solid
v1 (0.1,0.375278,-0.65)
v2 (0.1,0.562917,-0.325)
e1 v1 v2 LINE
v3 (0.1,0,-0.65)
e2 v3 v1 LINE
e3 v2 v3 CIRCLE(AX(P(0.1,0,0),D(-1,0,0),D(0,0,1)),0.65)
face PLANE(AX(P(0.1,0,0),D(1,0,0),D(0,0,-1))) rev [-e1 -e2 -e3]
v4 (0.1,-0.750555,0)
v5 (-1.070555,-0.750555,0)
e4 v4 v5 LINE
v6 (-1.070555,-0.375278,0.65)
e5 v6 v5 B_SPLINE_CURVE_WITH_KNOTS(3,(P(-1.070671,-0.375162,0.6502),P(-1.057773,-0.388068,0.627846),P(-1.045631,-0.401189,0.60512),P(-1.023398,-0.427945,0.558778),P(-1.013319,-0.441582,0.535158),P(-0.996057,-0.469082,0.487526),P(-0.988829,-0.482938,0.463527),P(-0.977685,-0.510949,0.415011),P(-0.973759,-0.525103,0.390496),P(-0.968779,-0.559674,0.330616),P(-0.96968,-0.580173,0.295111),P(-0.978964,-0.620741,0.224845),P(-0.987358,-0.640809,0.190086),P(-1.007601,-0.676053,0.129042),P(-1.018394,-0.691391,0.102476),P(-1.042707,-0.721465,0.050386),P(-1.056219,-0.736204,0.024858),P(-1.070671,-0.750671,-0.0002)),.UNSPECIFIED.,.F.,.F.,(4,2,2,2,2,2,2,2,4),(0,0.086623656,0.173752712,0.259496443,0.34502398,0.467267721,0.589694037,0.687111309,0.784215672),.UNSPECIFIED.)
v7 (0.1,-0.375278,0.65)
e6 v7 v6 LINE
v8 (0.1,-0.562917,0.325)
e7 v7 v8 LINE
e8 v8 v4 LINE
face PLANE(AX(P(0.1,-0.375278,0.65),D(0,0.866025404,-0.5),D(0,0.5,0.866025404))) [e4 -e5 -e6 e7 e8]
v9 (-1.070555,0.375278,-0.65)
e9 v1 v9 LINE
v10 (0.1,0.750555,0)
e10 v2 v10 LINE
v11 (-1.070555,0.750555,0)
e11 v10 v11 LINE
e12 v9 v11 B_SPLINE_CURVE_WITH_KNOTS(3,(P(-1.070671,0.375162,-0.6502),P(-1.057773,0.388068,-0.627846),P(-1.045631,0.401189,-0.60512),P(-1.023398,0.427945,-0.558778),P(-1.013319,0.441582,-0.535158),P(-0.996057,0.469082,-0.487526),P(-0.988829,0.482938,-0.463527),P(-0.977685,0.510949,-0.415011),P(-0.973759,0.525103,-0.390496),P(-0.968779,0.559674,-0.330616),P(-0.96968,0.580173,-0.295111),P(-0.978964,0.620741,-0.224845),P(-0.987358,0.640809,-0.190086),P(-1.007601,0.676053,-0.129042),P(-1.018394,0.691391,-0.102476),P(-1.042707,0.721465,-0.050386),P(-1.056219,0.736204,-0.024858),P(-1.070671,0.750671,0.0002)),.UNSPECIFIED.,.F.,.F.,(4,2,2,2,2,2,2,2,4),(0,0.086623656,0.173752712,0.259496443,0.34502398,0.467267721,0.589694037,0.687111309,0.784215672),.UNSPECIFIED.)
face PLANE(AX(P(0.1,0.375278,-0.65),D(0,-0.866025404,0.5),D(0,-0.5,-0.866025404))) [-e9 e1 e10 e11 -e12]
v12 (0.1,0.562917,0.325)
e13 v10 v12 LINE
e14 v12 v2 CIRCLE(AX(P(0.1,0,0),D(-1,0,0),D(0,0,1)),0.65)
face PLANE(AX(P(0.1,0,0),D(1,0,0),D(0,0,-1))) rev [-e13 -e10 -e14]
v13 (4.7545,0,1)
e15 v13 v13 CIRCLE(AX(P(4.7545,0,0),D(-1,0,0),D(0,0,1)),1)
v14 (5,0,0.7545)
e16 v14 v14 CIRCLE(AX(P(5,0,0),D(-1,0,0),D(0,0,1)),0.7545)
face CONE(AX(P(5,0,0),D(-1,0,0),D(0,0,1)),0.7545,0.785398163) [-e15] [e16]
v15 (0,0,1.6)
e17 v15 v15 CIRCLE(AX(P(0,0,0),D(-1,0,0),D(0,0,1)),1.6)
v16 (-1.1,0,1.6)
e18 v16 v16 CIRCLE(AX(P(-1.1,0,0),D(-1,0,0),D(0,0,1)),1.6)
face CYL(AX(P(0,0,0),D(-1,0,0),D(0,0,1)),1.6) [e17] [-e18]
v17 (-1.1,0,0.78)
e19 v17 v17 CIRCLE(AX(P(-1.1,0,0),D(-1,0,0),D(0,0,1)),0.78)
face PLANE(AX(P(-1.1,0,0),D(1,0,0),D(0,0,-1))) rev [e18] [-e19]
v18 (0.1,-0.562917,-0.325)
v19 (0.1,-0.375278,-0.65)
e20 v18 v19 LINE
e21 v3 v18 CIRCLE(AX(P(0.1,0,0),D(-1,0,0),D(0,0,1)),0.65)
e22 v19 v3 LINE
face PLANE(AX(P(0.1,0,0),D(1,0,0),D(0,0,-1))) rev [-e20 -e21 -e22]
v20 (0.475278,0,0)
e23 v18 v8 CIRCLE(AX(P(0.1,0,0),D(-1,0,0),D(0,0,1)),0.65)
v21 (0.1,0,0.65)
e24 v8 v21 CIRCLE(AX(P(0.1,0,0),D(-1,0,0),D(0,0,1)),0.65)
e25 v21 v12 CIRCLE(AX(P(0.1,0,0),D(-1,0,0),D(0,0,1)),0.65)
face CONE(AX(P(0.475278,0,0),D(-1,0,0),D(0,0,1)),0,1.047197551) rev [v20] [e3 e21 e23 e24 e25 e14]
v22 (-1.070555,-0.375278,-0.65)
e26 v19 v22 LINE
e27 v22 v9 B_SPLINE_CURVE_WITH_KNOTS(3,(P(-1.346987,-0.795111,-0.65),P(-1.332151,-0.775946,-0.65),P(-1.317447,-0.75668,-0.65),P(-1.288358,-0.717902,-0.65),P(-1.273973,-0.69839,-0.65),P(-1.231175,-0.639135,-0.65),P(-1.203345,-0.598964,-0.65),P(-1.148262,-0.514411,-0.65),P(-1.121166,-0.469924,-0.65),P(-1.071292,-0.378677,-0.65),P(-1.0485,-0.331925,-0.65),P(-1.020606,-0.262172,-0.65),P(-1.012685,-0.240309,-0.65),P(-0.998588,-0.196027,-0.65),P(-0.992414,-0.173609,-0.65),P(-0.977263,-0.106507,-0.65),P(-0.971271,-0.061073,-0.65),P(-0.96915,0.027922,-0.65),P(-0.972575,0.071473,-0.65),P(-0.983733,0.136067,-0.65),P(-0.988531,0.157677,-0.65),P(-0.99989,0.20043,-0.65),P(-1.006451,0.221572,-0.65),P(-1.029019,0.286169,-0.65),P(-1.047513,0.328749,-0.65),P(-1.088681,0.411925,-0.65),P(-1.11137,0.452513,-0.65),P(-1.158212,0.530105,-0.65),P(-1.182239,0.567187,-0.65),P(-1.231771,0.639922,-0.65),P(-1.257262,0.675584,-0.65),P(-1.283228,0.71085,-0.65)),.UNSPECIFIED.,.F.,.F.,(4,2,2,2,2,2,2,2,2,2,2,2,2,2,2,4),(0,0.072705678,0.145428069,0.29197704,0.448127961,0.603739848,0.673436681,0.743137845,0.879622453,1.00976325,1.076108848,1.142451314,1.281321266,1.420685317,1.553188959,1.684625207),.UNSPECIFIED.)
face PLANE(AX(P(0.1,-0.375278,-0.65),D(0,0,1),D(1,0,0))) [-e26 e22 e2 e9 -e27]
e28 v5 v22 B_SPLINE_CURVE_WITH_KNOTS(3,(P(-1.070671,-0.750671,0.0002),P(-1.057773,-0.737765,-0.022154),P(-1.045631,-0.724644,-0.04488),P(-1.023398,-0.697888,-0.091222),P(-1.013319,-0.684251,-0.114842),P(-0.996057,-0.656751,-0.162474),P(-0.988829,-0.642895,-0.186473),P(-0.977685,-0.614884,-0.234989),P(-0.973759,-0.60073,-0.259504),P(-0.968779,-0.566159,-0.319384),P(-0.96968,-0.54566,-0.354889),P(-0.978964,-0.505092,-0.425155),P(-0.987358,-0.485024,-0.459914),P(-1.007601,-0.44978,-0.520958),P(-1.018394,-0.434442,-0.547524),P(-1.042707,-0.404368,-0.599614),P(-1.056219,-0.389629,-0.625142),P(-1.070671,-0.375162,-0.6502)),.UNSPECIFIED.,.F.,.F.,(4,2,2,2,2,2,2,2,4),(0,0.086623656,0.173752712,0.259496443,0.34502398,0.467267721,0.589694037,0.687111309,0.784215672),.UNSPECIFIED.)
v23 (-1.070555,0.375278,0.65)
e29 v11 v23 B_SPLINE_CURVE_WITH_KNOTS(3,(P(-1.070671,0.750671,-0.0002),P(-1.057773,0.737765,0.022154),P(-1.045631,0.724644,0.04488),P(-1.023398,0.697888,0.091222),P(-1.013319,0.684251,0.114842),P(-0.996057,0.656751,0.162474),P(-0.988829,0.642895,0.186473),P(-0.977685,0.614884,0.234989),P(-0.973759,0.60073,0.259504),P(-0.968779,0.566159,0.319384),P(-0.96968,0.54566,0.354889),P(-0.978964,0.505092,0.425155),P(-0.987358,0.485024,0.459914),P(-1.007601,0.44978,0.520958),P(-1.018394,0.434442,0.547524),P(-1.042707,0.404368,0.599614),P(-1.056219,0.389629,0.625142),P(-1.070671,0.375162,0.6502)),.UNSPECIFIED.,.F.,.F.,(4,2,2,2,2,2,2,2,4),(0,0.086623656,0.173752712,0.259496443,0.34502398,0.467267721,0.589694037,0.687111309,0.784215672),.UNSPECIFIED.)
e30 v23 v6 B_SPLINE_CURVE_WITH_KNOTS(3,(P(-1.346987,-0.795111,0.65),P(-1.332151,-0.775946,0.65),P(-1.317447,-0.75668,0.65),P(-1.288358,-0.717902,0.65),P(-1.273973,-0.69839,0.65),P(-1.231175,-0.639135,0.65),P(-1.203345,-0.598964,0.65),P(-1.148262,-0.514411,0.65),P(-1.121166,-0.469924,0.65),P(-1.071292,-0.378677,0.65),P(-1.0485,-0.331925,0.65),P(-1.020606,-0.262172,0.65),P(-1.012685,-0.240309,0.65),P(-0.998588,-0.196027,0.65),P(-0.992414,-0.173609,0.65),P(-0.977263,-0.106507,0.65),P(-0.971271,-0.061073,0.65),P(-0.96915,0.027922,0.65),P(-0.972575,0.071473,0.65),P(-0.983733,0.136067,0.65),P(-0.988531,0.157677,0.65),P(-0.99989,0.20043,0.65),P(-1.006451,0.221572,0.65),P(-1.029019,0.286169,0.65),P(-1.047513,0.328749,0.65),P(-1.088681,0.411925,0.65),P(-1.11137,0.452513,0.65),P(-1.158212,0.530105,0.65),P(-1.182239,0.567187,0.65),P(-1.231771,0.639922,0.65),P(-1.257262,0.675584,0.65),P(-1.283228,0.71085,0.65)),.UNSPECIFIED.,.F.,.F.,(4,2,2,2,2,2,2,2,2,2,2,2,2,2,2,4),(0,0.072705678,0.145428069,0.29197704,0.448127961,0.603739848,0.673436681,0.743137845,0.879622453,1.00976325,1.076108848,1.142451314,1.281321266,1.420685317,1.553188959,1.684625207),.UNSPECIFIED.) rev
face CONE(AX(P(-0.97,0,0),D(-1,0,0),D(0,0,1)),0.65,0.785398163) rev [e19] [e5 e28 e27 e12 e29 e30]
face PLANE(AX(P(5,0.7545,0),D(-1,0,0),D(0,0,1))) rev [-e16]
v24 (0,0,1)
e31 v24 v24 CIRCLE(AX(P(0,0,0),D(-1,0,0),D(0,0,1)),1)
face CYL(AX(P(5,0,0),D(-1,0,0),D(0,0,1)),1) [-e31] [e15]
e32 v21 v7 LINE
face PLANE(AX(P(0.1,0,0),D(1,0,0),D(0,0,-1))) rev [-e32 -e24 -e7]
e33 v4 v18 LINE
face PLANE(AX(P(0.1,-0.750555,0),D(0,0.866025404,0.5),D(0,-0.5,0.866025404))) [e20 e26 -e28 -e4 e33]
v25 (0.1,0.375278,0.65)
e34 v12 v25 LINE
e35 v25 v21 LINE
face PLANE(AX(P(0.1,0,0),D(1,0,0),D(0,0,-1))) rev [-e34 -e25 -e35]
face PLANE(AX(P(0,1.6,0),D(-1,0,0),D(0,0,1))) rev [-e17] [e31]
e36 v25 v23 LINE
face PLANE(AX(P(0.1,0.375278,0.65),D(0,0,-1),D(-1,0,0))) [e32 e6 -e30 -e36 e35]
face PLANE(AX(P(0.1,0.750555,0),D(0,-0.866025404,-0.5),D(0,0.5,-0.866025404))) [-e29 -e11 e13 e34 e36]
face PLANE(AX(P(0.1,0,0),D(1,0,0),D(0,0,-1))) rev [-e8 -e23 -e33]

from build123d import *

# Parameters (mm, degrees)
SKETCH2_W          = 1.1
SKETCH2_H          = 1.6
CUT_EXTRUDE1_DEPTH = 1.2


with BuildPart() as part:
    # Sketch1 → Revolve1 (revolve)
    with BuildSketch(Plane.XY):
        Polygon((0, 0), (0, 1), (4.7545, 1), (5, 0.7545), (5, 0), align=None)
    revolve(axis=Axis((5, 0, 0), (-1, 0, 0)))

    # Sketch2 → Revolve2 (revolve)
    with BuildSketch(Plane.XY):
        with Locations((-0.55, 0.8)):
            Rectangle(SKETCH2_W, SKETCH2_H)
    revolve(axis=Axis((0, 0, 0), (-1, 0, 0)))

    # Sketch3 → Cut-Revolve1 (revolve, cut)
    with BuildSketch(Plane.XY):
        Polygon((-1.1, 0), (-1.1, 0.78), (-0.97, 0.65), (0.1, 0.65), (0.475277675, 0), align=None)
    revolve(axis=Axis((0.475277675, 0, 0), (-1, 0, 0)), mode=Mode.SUBTRACT)

    # Sketch4 → Cut-Extrude1 (cut)
    with BuildSketch(Plane(origin=(-1.1, 0, 0), x_dir=(0, 0, -1), z_dir=(1, 0, 0))):
        Polygon((-0.65, -0.375277675), (0, -0.75055535), (0.65, -0.375277675), (0.65, 0.375277675), (0, 0.75055535), (-0.65, 0.375277675), align=None)
    extrude(amount=CUT_EXTRUDE1_DEPTH, mode=Mode.SUBTRACT)


solid = part.part
